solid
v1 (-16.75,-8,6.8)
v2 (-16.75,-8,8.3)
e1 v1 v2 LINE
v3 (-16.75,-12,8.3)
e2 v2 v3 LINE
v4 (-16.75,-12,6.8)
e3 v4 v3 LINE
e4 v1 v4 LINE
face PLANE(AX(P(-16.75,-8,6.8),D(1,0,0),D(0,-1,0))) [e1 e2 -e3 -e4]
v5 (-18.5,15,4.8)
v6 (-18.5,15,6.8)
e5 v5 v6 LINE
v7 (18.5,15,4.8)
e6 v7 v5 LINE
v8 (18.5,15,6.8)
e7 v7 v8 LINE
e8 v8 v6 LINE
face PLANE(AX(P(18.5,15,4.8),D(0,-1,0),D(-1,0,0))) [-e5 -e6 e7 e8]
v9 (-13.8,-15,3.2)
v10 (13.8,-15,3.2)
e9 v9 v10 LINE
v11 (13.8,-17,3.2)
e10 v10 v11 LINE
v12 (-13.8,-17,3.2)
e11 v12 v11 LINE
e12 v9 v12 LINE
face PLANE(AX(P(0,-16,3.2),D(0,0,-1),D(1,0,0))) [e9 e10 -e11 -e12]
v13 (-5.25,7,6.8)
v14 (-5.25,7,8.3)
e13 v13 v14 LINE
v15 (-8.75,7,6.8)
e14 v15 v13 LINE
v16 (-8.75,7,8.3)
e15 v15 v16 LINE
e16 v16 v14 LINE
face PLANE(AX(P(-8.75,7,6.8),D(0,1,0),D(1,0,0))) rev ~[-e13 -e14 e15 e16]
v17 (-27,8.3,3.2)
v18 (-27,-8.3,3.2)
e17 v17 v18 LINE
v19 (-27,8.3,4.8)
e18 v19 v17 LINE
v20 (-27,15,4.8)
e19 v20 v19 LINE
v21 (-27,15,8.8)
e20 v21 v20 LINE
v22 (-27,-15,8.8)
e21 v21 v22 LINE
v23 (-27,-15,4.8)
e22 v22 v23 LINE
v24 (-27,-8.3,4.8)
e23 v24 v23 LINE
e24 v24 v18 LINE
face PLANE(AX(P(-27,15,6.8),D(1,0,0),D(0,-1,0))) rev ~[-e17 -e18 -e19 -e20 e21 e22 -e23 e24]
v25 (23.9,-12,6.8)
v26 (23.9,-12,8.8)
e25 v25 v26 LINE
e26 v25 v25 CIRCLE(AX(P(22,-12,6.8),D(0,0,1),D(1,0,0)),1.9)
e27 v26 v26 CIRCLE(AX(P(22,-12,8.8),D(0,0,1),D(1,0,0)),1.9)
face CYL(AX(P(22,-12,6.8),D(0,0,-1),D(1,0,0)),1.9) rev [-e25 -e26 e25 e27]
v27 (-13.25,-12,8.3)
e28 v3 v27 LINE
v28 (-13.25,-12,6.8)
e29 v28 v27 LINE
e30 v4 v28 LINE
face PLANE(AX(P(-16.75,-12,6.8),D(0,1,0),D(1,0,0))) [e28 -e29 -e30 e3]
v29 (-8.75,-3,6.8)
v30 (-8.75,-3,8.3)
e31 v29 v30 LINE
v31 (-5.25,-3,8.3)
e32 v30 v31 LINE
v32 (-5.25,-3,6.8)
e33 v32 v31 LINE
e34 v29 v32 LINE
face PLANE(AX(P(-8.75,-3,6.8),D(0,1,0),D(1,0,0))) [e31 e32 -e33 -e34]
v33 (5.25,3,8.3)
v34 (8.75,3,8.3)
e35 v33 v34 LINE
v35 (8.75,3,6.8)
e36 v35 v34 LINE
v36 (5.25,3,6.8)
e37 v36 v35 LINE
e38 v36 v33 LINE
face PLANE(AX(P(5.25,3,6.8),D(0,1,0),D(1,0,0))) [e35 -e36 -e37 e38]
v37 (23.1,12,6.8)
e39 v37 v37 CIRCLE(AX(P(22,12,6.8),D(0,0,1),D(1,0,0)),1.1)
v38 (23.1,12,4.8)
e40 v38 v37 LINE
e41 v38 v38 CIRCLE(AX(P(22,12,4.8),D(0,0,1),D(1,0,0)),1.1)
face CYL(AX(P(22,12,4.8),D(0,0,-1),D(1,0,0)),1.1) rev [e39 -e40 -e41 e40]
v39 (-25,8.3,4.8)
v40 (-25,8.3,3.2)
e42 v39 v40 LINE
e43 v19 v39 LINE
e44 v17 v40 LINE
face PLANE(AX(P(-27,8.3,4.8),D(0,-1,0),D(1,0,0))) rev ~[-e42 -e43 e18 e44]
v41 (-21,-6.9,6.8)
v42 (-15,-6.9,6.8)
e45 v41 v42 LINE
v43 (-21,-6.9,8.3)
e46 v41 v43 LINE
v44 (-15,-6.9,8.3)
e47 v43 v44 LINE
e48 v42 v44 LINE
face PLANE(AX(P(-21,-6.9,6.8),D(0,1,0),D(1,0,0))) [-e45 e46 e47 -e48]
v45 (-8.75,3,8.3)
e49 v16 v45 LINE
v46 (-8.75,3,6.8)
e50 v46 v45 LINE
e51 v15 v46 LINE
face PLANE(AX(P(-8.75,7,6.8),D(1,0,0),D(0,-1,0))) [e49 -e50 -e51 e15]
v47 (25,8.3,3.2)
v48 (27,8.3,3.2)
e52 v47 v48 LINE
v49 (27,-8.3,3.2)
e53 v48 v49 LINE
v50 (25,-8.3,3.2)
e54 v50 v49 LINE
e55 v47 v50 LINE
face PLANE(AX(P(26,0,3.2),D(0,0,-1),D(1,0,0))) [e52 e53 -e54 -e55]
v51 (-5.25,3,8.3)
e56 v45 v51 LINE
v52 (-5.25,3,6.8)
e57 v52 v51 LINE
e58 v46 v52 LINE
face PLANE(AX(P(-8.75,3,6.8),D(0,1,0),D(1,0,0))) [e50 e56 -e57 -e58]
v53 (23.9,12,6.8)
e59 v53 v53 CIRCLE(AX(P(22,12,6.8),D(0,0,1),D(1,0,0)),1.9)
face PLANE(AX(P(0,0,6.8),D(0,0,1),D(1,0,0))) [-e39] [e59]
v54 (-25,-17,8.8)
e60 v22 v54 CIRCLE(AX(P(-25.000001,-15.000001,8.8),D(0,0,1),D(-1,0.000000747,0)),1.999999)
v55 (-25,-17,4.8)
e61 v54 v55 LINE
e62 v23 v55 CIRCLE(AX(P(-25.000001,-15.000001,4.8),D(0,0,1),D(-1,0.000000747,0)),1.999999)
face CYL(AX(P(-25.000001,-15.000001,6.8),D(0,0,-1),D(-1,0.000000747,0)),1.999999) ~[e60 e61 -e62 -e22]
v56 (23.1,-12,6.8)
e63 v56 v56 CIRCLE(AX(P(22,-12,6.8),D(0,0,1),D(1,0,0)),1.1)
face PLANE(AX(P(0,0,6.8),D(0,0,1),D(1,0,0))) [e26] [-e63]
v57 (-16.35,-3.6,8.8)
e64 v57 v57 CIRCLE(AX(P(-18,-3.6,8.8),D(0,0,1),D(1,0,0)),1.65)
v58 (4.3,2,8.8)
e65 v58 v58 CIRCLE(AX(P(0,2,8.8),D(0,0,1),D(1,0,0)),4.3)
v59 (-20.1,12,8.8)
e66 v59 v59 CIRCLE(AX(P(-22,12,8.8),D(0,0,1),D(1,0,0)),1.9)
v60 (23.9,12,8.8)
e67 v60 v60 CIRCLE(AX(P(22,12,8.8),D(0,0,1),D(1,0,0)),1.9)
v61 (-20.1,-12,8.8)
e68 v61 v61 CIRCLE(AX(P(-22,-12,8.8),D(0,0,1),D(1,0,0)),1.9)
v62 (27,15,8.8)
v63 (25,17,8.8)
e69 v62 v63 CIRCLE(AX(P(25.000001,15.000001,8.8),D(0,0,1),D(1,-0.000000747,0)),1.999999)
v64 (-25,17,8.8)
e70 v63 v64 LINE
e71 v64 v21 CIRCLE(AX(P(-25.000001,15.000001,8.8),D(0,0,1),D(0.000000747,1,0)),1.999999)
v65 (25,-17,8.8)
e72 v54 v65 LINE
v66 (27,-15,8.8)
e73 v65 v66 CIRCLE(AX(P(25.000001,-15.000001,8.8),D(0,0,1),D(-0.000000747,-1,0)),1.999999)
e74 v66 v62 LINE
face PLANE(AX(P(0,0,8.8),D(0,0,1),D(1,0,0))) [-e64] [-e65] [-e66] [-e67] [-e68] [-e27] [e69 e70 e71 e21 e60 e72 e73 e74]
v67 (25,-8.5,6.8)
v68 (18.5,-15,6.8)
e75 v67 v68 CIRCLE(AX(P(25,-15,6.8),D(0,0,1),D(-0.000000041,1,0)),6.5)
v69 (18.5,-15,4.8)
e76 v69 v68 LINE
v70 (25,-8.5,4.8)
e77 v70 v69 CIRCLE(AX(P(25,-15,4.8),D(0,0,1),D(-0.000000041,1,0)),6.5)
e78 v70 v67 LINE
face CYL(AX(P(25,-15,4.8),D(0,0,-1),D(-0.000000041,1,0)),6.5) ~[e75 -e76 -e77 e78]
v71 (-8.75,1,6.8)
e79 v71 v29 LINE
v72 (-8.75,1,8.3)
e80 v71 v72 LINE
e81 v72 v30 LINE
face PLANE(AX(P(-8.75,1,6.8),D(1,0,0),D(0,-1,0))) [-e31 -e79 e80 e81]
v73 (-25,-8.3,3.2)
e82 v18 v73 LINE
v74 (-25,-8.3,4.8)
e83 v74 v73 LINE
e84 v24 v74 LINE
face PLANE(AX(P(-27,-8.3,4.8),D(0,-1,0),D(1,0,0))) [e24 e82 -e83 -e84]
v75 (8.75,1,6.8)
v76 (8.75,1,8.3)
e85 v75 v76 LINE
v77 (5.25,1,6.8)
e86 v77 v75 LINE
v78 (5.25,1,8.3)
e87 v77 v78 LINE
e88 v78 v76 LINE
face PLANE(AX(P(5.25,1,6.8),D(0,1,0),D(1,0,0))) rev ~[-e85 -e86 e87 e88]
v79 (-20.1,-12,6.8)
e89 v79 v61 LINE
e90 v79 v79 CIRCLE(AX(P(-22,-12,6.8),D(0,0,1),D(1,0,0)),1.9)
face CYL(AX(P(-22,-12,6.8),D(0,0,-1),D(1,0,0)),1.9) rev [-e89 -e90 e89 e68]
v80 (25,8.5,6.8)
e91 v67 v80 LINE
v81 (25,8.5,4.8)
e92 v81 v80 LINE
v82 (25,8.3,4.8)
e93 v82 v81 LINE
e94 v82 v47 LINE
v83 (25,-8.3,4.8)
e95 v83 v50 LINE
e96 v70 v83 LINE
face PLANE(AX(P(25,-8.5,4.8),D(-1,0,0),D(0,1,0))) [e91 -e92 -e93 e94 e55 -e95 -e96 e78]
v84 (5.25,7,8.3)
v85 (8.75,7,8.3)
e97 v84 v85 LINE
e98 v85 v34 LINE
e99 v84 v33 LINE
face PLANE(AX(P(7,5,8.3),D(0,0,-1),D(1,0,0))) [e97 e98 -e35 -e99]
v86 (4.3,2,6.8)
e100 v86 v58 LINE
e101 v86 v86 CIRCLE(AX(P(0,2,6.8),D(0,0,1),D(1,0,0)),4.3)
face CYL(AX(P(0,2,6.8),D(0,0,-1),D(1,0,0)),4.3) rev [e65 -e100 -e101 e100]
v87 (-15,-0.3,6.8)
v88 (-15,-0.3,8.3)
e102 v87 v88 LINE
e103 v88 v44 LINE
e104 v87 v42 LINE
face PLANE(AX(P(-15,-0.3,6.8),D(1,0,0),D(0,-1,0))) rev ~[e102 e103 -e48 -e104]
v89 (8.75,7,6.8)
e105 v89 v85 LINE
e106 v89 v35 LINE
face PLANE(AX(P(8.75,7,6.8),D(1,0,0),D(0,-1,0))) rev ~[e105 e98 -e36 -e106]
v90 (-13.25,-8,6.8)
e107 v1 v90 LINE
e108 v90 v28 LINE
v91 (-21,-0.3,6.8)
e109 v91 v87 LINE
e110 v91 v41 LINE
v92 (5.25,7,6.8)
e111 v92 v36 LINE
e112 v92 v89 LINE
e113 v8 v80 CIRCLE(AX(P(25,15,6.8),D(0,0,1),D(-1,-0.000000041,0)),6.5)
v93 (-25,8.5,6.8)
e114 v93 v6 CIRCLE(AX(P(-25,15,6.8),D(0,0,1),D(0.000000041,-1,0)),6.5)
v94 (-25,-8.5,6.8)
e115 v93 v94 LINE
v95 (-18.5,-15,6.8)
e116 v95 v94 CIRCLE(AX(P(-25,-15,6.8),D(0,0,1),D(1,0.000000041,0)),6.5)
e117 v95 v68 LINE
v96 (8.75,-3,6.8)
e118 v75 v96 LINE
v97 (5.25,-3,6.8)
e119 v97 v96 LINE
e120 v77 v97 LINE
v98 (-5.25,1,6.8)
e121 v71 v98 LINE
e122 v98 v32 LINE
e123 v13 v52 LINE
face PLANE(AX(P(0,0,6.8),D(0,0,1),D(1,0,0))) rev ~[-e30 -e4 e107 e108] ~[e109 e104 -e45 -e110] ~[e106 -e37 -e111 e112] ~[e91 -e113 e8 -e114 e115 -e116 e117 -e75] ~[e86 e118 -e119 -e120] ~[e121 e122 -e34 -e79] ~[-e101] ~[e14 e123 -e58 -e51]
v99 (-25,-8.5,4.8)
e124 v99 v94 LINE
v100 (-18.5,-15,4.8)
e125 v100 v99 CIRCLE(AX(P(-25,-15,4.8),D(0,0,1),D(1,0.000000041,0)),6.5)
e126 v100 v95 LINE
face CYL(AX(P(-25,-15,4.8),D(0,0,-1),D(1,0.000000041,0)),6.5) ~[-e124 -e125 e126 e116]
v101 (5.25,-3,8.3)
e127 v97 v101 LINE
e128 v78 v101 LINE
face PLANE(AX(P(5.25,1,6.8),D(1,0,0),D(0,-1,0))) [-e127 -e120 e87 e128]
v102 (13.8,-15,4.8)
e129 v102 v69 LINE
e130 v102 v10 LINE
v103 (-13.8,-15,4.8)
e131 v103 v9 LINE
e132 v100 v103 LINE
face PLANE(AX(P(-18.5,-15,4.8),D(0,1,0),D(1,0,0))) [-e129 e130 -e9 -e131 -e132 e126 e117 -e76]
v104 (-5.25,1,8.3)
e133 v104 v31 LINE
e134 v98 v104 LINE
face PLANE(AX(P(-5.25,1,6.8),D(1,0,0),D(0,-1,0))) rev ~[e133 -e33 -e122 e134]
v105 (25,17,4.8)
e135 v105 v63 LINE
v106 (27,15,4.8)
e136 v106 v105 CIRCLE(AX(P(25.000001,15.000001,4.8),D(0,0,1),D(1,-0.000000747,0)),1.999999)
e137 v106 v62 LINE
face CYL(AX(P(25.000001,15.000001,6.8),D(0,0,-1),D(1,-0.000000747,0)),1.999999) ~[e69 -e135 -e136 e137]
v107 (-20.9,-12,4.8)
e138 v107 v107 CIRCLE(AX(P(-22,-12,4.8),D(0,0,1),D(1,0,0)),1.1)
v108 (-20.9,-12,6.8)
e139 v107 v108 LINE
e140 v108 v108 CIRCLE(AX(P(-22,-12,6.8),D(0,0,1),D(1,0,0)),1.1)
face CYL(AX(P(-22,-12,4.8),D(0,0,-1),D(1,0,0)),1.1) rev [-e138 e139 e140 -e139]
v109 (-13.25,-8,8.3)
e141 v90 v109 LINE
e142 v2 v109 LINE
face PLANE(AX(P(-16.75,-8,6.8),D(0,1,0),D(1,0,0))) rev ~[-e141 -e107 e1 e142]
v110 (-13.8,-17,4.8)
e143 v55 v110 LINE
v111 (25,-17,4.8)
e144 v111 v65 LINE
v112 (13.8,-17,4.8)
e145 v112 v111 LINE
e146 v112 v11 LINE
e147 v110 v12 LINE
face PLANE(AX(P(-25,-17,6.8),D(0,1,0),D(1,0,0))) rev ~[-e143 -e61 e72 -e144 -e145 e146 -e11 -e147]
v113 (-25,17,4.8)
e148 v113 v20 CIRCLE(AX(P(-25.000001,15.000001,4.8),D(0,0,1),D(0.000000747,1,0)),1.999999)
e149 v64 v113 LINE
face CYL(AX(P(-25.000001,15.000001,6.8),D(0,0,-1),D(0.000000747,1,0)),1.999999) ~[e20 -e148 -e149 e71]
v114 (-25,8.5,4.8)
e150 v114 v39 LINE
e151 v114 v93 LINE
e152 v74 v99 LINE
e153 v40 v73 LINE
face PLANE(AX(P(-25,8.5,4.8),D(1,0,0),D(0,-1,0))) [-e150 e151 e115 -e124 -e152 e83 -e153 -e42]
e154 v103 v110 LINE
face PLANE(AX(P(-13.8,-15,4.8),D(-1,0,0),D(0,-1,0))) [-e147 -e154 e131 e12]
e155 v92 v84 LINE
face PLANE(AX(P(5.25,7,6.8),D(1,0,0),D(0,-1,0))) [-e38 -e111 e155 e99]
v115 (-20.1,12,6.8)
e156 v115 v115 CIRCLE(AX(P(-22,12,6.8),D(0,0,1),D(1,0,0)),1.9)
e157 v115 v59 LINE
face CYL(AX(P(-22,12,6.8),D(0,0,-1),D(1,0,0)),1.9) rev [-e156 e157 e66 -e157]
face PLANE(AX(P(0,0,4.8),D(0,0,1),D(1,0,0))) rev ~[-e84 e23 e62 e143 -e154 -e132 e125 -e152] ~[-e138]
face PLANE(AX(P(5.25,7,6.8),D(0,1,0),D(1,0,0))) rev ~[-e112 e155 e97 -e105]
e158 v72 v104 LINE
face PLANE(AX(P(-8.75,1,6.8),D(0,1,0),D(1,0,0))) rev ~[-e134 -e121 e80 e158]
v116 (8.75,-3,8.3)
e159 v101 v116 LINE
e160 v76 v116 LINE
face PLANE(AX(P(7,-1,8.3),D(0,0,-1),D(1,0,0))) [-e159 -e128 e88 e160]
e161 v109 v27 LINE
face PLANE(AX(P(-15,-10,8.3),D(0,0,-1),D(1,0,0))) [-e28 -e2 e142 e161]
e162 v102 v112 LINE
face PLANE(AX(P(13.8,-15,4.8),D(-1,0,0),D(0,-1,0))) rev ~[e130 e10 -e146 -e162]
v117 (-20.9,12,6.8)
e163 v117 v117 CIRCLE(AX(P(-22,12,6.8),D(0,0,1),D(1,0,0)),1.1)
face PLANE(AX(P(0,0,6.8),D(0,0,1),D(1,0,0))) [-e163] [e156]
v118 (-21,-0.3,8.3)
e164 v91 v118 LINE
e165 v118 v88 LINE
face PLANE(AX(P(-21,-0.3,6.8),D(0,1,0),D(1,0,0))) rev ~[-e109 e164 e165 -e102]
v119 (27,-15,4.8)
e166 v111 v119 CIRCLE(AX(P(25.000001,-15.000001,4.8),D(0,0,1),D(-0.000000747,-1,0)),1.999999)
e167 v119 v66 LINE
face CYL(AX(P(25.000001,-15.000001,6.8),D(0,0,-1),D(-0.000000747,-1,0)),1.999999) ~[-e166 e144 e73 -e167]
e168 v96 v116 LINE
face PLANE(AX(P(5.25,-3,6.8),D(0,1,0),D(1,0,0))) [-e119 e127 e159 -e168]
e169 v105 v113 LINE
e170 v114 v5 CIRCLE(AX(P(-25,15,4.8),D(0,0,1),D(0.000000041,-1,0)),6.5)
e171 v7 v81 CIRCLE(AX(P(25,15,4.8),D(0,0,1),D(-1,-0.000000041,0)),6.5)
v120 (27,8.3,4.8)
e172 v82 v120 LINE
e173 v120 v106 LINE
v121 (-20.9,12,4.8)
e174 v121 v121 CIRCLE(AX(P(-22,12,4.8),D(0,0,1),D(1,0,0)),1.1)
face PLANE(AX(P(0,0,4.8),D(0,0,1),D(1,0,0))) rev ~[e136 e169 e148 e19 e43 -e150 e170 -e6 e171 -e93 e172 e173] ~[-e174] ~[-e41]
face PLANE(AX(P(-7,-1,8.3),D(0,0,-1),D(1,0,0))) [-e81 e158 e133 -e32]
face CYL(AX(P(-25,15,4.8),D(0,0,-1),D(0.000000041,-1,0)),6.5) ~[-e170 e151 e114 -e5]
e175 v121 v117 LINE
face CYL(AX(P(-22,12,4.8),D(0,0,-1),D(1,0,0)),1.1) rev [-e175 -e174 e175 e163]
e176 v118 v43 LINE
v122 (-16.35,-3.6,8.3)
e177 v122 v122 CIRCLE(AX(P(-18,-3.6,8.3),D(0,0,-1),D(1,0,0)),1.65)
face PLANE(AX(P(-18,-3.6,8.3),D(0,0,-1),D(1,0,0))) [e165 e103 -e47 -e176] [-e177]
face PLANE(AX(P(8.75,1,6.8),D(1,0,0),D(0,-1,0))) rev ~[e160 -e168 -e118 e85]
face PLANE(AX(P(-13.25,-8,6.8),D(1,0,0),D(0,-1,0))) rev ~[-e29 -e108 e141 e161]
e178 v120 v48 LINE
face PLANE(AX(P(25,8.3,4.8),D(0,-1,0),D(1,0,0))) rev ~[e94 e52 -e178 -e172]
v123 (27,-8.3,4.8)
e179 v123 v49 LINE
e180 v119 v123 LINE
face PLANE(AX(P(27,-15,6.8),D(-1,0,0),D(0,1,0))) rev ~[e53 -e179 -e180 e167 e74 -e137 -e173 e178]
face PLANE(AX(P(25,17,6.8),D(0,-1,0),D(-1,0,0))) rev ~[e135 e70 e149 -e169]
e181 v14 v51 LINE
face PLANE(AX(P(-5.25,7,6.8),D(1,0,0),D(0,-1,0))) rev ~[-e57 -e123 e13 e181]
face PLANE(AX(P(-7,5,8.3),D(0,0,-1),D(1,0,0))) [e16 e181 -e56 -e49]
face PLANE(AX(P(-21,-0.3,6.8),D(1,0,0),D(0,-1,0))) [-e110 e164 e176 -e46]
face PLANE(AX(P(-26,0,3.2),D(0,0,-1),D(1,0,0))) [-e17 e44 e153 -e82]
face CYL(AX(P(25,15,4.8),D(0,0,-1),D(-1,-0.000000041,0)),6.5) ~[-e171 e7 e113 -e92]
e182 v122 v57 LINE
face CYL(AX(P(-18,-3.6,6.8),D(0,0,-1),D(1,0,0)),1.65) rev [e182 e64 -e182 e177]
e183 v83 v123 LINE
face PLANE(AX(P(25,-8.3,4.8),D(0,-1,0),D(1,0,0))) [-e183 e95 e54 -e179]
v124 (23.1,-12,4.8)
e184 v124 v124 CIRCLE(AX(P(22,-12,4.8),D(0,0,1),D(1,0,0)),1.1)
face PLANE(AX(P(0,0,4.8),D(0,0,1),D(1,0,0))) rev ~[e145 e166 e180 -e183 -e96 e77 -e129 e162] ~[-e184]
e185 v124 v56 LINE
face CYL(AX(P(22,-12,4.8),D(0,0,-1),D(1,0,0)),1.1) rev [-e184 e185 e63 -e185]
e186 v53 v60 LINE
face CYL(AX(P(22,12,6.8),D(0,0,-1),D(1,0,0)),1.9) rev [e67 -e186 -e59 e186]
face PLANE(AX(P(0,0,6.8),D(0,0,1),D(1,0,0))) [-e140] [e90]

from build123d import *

# Parameters (mm, degrees)
SKETCH010_R     = 1.1
PAD006_DEPTH    = 2
SKETCH011_W     = 2
SKETCH011_H     = 16.6
SKETCH011_W_2   = 27.6
SKETCH011_H_2   = 2
PAD007_DEPTH    = 1.6
SKETCH012_R     = 1.9
SKETCH012_R_2   = 4.3
SKETCH012_R_3   = 1.65
PAD008_DEPTH    = 2
SKETCH013_W     = 6
SKETCH013_H     = 6.6
SKETCH013_W_2   = 3.5
SKETCH013_H_2   = 4
POCKET002_DEPTH = 1.5


with BuildPart() as part:
    # Sketch010 → Pad006 (new body)
    with BuildSketch(Plane.XY.offset(4.8)):
        with BuildLine():
            Line((-25, -17), (25, -17))
            ThreePointArc((25, -17), (26.414214, -16.414214), (27, -15))
            Line((27, -15), (27, 15))
            ThreePointArc((27, 15), (26.414214, 16.414214), (25, 17))
            Line((25, 17), (-25, 17))
            ThreePointArc((-25, 17), (-26.414214, 16.414214), (-27, 15))
            Line((-27, 15), (-27, -15))
            ThreePointArc((-27, -15), (-26.414214, -16.414214), (-25, -17))
        make_face()
        with Locations((-22, 12)):
            Circle(SKETCH010_R, mode=Mode.SUBTRACT)
        with Locations((22, 12)):
            Circle(SKETCH010_R, mode=Mode.SUBTRACT)
        with Locations((-22, -12)):
            Circle(SKETCH010_R, mode=Mode.SUBTRACT)
        with Locations((22, -12)):
            Circle(SKETCH010_R, mode=Mode.SUBTRACT)
        with BuildLine():
            Line((-18.5, -15), (18.5, -15))
            ThreePointArc((25, -8.5), (20.403806, -10.403806), (18.5, -15))
            Line((25, -8.5), (25, 8.5))
            ThreePointArc((18.5, 15), (20.403806, 10.403806), (25, 8.5))
            Line((18.5, 15), (-18.5, 15))
            ThreePointArc((-25, 8.5), (-20.403806, 10.403806), (-18.5, 15))
            Line((-25, 8.5), (-25, -8.5))
            ThreePointArc((-18.5, -15), (-20.403806, -10.403806), (-25, -8.5))
        make_face(mode=Mode.SUBTRACT)
    extrude(amount=PAD006_DEPTH)

    # Sketch011 (on Face21 of Pad006) → Pad007 (join)
    with BuildSketch(Plane(origin=(0, 0, 4.8), x_dir=(1, 0, 0), z_dir=(0, 0, -1))):
        with Locations((-26, 0)):
            Rectangle(SKETCH011_W, SKETCH011_H)
        with Locations((26, 0)):
            Rectangle(SKETCH011_W, SKETCH011_H)
        with Locations((0, 16)):
            Rectangle(SKETCH011_W_2, SKETCH011_H_2)
    extrude(amount=PAD007_DEPTH)

    # Sketch012 (on Face3 of Pad007) → Pad008 (join)
    with BuildSketch(Plane.XY.offset(6.8)):
        with BuildLine():
            Line((-25, -17), (25, -17))
            ThreePointArc((25, -17), (26.414214, -16.414214), (27, -15))
            Line((27, -15), (27, 15))
            ThreePointArc((27, 15), (26.414214, 16.414214), (25, 17))
            Line((25, 17), (-25, 17))
            ThreePointArc((-25, 17), (-26.414214, 16.414214), (-27, 15))
            Line((-27, 15), (-27, -15))
            ThreePointArc((-27, -15), (-26.414214, -16.414214), (-25, -17))
        make_face()
        with Locations((-22, 12)):
            Circle(SKETCH012_R, mode=Mode.SUBTRACT)
        with Locations((22, 12)):
            Circle(SKETCH012_R, mode=Mode.SUBTRACT)
        with Locations((-22, -12)):
            Circle(SKETCH012_R, mode=Mode.SUBTRACT)
        with Locations((22, -12)):
            Circle(SKETCH012_R, mode=Mode.SUBTRACT)
        with Locations((0, 2)):
            Circle(SKETCH012_R_2, mode=Mode.SUBTRACT)
        with Locations((-18, -3.6)):
            Circle(SKETCH012_R_3, mode=Mode.SUBTRACT)
    extrude(amount=PAD008_DEPTH)

    # Sketch013 (on Face24 of Pad008) → Pocket002 (cut)
    with BuildSketch(Plane(origin=(0, 0, 6.8), x_dir=(1, 0, 0), z_dir=(0, 0, -1))):
        with Locations((-18, 3.6)):
            Rectangle(SKETCH013_W, SKETCH013_H)
        with Locations((-7, -5)):
            Rectangle(SKETCH013_W_2, SKETCH013_H_2)
        with Locations((-7, 1)):
            Rectangle(SKETCH013_W_2, SKETCH013_H_2)
        with Locations((7, -5)):
            Rectangle(SKETCH013_W_2, SKETCH013_H_2)
        with Locations((7, 1)):
            Rectangle(SKETCH013_W_2, SKETCH013_H_2)
        with Locations((-15, 10)):
            Rectangle(SKETCH013_W_2, SKETCH013_H_2)
    extrude(amount=-POCKET002_DEPTH, mode=Mode.SUBTRACT)


solid = part.part
